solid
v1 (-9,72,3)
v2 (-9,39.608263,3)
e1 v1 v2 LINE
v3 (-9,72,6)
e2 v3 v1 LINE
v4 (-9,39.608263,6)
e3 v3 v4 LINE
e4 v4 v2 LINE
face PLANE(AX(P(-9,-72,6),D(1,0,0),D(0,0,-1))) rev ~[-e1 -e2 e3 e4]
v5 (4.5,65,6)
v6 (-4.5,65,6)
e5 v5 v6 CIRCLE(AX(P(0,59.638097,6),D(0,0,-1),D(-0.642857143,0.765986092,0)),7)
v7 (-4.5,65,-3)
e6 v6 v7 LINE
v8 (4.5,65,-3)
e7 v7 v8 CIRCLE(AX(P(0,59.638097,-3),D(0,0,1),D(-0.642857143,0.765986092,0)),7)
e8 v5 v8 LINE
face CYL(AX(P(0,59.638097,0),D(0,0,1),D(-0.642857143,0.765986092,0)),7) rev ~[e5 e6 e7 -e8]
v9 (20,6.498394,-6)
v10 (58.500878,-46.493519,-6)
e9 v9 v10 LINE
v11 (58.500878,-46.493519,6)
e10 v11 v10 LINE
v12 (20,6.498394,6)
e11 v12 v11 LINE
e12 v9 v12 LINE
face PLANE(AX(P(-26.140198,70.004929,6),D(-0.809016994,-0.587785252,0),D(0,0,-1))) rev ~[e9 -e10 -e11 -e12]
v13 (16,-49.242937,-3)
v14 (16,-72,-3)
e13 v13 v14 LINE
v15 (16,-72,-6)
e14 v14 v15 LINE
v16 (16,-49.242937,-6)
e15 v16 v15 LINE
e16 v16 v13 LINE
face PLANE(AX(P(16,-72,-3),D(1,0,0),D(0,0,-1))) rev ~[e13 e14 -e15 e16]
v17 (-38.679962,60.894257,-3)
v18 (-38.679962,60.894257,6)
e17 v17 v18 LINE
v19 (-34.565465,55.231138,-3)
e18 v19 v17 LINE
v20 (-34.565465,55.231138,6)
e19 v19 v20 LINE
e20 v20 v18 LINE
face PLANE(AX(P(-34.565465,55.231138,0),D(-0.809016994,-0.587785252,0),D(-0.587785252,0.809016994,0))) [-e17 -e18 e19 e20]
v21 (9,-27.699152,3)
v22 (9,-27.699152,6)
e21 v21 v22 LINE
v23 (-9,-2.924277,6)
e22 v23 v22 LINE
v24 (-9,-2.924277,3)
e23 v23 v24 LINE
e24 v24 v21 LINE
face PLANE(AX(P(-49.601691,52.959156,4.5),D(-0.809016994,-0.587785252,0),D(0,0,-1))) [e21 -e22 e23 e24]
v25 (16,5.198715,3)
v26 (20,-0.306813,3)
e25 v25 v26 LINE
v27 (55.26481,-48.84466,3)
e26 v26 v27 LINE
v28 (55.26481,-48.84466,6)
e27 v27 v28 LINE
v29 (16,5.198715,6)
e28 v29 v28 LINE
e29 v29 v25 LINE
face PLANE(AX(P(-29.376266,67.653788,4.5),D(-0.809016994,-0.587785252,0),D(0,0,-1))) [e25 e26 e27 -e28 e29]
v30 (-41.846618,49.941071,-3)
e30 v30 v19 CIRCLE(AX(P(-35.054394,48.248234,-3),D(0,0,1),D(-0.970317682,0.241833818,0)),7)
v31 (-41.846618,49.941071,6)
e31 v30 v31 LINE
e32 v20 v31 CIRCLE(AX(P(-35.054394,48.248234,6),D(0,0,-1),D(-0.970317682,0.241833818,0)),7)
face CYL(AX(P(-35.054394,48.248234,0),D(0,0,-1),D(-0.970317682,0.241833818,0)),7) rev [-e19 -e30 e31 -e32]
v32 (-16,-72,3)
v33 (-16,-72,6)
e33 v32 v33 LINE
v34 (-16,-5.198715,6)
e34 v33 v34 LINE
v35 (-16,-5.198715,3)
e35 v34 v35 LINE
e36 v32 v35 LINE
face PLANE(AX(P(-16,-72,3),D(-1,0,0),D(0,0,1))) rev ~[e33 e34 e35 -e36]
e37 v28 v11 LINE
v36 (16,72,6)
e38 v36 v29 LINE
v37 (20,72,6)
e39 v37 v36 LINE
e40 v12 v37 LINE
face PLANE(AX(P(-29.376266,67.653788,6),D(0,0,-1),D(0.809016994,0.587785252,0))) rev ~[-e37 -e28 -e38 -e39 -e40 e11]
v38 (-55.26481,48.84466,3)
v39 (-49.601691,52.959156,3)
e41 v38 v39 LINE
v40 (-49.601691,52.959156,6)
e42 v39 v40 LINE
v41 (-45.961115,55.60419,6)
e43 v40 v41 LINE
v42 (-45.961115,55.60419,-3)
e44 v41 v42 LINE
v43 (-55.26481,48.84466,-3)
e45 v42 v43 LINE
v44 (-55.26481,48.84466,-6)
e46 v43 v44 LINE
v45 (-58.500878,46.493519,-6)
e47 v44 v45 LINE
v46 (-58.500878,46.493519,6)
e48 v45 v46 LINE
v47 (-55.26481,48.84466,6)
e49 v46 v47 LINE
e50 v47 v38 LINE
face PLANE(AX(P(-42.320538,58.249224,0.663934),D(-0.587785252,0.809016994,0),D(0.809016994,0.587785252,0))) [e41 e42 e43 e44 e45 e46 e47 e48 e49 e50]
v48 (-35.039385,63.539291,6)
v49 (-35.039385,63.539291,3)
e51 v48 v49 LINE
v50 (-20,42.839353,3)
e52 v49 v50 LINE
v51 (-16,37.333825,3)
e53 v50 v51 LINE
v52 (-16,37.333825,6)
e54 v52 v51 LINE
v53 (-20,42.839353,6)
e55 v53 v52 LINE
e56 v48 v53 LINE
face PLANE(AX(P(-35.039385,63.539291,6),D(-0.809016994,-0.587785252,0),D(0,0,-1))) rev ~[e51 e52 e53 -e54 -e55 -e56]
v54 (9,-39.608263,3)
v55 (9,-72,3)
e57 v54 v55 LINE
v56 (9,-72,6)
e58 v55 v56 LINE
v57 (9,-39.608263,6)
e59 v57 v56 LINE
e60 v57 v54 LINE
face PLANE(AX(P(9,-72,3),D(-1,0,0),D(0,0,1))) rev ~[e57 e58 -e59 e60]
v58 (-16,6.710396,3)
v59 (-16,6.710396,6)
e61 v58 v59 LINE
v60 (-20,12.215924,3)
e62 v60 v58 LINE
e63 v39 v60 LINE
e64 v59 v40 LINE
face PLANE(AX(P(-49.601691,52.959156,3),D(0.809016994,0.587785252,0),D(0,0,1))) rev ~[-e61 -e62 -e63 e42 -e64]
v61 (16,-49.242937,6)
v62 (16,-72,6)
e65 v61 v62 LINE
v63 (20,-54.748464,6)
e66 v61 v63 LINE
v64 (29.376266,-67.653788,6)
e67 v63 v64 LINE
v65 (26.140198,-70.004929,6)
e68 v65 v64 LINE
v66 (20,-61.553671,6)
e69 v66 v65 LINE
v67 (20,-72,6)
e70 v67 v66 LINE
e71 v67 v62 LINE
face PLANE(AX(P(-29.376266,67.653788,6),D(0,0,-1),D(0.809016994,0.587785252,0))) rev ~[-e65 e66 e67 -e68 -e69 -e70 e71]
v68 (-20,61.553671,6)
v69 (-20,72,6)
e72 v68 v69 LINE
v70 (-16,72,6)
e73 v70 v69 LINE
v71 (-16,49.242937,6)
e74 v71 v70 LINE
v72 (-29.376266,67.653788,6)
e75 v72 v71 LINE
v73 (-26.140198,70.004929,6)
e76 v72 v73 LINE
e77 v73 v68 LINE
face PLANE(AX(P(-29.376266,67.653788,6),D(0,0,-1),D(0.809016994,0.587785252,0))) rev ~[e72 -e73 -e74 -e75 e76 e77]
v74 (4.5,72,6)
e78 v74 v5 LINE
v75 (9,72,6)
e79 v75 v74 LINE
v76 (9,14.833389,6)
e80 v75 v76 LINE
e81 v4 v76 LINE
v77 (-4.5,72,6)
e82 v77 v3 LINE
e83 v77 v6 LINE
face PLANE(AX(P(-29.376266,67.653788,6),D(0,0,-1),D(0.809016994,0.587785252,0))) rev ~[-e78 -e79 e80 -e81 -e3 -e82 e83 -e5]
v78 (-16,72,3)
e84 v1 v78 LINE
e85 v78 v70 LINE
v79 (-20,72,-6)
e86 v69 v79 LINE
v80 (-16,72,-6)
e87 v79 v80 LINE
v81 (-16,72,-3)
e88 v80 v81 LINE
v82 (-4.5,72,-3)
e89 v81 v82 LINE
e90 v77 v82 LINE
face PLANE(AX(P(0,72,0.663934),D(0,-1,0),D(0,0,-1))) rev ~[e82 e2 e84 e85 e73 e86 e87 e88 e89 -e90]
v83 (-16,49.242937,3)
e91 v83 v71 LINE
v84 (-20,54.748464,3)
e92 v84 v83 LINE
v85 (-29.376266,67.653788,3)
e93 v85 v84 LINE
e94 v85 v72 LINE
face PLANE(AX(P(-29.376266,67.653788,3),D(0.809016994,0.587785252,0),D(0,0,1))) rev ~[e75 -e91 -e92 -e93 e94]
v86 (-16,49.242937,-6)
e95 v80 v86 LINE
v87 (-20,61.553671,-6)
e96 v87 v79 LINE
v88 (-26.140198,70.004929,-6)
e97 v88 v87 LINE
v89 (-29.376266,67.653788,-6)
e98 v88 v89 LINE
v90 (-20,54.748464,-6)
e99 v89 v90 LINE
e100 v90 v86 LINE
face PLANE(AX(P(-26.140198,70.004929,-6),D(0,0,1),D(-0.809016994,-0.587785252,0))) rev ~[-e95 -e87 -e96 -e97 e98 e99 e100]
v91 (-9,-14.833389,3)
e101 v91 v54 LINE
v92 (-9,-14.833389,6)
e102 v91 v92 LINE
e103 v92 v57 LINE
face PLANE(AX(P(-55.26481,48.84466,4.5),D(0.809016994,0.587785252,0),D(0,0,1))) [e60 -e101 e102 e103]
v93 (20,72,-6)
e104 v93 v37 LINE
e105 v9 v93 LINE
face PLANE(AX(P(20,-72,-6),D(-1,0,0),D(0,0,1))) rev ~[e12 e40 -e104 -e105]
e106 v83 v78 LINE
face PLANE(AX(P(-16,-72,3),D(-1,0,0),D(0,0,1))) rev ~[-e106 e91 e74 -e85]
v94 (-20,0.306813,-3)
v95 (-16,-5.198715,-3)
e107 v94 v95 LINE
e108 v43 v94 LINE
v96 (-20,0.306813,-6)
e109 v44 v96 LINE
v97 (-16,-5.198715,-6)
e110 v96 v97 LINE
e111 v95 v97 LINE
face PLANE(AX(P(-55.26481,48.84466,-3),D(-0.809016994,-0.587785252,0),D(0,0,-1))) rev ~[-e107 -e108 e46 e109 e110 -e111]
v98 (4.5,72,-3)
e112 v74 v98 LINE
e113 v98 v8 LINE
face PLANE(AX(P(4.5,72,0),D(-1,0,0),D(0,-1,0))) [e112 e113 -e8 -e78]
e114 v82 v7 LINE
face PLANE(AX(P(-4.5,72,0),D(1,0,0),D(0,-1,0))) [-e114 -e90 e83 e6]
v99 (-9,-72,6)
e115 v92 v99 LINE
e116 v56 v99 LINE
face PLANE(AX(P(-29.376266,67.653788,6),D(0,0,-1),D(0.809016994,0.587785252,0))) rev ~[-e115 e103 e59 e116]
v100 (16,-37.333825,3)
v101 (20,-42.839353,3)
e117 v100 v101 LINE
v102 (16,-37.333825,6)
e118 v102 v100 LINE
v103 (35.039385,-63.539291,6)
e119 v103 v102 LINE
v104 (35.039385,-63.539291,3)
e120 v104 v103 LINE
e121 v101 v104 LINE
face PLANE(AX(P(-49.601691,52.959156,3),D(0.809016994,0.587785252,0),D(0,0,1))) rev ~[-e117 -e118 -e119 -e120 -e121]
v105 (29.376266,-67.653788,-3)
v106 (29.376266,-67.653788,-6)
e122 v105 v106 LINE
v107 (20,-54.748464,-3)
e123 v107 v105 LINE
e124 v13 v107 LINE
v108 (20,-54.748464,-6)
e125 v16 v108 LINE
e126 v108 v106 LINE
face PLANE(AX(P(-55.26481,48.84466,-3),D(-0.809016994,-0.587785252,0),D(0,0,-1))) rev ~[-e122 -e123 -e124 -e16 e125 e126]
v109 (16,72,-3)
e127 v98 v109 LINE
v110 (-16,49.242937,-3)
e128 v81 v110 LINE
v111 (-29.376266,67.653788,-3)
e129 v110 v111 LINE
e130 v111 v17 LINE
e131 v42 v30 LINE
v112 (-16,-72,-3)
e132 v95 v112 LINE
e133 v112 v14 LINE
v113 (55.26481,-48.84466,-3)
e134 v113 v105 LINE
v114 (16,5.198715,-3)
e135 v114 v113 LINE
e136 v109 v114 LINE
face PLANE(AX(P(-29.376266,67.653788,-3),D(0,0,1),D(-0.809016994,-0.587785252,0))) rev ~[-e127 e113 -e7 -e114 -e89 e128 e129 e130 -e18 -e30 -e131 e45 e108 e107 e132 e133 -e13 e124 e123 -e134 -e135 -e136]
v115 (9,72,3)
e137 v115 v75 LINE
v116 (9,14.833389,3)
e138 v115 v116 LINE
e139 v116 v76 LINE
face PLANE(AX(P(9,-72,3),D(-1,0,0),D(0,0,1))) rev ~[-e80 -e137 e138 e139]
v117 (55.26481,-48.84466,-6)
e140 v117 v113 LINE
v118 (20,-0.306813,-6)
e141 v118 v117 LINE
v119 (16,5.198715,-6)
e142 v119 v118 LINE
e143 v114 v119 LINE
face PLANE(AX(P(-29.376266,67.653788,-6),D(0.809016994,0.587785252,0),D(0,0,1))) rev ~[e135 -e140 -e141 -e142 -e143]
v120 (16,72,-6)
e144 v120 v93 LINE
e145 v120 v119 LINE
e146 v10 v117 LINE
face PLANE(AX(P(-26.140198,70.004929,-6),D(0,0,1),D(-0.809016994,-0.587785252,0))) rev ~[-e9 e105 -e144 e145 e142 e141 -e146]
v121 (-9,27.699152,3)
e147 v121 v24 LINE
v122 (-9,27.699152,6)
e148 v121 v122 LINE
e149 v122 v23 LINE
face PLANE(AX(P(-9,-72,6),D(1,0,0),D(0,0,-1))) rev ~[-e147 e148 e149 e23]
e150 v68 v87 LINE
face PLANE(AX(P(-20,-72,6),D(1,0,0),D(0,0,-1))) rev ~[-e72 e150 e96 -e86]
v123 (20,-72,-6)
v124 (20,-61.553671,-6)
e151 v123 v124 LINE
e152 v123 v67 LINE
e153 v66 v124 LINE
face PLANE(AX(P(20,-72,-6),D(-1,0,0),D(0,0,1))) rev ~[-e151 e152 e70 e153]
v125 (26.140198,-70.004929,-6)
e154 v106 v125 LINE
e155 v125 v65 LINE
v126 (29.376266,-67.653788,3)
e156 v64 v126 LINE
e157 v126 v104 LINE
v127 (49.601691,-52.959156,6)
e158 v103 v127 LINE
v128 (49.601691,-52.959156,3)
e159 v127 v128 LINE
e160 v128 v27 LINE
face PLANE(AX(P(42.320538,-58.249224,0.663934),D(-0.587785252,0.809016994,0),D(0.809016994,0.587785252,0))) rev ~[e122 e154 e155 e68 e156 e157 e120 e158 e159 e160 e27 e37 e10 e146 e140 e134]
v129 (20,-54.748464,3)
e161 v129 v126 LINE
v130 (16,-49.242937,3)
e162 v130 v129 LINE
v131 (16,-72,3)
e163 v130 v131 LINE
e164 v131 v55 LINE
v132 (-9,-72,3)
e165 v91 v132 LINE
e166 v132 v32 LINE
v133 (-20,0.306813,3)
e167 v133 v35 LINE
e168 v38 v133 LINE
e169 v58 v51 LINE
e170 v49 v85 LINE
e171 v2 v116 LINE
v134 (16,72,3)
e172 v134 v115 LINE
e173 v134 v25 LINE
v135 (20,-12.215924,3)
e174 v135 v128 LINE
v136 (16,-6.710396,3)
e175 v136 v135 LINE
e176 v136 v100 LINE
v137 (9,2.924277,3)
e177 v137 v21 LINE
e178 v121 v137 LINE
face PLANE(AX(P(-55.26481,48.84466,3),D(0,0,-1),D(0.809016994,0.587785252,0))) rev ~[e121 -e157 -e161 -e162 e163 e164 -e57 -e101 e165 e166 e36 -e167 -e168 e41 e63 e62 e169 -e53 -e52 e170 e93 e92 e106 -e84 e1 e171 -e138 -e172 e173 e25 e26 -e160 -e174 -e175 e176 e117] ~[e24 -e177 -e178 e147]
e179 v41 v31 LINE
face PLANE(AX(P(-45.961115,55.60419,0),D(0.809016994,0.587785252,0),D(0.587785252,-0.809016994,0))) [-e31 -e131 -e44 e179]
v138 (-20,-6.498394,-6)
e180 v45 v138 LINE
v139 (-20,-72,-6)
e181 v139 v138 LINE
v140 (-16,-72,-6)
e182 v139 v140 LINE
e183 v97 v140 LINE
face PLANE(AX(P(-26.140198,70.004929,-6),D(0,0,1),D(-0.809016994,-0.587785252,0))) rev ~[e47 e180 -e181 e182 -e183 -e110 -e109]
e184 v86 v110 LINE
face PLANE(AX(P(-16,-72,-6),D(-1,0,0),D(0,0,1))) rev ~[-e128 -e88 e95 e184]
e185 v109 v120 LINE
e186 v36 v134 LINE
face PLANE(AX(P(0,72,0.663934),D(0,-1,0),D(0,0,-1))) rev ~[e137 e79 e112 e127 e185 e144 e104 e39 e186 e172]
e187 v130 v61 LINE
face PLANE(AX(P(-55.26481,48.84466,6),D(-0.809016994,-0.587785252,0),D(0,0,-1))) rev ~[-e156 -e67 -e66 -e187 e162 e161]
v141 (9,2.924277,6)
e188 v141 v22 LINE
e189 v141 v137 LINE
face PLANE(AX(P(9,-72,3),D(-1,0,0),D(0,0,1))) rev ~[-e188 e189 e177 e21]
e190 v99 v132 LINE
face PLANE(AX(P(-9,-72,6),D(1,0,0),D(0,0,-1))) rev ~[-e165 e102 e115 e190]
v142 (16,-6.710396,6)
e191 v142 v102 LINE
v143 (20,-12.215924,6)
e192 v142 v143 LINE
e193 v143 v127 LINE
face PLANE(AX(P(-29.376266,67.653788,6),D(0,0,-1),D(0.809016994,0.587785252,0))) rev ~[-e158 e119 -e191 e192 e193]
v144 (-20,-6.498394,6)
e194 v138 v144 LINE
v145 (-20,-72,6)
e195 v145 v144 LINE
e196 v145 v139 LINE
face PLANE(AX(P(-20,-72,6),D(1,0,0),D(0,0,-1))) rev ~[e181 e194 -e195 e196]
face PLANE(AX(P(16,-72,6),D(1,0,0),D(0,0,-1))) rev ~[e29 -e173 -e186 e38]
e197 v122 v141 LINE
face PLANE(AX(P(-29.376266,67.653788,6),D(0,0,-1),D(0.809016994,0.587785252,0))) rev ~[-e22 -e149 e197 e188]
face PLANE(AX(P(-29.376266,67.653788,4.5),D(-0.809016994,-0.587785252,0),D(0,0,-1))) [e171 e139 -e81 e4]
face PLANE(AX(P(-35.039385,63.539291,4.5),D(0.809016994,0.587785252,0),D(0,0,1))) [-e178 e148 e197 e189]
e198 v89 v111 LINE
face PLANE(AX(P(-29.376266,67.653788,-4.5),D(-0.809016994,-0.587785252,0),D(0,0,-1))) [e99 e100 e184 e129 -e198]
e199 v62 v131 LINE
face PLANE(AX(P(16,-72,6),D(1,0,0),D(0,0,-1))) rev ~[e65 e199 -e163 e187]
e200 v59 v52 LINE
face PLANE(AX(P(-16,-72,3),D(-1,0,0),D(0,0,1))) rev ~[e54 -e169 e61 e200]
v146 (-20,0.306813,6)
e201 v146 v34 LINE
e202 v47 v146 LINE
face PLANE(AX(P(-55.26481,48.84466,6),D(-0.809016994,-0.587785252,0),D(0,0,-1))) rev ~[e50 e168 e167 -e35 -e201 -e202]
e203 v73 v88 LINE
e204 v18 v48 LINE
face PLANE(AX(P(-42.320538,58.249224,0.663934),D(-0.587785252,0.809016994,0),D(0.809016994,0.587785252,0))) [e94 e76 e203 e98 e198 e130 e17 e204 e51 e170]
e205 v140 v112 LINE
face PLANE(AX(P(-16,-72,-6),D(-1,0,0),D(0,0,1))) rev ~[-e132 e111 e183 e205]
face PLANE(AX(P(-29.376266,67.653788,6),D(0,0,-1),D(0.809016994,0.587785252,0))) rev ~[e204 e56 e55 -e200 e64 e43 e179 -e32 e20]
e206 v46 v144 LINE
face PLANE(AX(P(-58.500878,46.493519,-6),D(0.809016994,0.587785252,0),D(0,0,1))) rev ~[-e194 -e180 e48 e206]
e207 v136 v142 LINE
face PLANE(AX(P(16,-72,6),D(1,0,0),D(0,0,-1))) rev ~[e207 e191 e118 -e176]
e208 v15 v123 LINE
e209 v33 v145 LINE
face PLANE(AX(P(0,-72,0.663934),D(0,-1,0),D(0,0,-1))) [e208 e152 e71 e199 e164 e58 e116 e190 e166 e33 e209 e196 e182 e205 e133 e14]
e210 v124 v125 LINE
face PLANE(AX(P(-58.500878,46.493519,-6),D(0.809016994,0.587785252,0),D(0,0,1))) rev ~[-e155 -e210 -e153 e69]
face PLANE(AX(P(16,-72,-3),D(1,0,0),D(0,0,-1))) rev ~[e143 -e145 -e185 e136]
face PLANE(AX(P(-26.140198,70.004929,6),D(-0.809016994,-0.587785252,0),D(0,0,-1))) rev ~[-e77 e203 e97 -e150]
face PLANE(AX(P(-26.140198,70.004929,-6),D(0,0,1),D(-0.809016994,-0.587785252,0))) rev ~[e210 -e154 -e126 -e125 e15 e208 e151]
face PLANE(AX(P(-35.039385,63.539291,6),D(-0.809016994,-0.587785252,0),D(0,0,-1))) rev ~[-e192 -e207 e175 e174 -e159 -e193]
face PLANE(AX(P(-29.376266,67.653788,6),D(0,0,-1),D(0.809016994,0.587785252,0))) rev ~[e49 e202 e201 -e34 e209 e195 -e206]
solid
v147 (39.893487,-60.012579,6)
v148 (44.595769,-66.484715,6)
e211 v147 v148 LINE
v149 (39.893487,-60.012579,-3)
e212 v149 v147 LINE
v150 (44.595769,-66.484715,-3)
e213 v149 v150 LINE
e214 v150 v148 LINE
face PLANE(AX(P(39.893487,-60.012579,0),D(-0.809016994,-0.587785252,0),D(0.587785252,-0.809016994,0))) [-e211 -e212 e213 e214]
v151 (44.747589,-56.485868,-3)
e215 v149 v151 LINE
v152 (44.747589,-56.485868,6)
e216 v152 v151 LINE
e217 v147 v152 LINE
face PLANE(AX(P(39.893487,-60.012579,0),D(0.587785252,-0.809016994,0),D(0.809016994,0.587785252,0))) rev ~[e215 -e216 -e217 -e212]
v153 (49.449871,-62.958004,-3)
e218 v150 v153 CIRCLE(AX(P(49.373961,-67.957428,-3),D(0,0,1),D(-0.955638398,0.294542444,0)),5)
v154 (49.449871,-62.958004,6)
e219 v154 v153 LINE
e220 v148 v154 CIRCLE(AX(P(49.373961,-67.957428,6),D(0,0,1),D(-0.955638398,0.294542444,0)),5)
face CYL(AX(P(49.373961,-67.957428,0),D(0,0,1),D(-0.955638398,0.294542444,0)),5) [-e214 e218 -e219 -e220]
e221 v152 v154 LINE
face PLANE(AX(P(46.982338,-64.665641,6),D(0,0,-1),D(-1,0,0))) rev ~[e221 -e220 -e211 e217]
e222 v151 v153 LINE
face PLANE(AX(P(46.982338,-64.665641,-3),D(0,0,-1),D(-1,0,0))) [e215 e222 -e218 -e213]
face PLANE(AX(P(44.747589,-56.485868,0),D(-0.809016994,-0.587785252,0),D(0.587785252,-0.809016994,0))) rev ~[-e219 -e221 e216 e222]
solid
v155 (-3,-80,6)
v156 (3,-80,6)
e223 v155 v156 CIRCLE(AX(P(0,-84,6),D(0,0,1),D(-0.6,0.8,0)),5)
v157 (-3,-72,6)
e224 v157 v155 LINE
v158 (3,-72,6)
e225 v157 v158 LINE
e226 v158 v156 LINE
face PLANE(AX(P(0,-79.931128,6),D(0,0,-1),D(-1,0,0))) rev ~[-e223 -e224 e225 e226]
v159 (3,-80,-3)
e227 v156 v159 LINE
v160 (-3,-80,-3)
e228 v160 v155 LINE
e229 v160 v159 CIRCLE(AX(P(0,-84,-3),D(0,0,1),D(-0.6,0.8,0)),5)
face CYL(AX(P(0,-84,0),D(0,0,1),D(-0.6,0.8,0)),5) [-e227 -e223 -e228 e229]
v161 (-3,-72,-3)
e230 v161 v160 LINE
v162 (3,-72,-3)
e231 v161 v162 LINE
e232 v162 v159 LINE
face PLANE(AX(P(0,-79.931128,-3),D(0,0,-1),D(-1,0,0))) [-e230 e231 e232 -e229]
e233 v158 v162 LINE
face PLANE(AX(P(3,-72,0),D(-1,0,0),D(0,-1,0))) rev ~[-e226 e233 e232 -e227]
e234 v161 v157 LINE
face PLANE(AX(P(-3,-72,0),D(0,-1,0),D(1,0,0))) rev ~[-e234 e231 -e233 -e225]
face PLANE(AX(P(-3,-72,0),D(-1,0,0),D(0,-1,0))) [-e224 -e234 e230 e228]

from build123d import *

# Parameters (mm, degrees)
SKETCH004_W          = 32
SKETCH004_H          = 3
SKETCH005_W          = 32
SKETCH005_H          = 3
SKETCH006_W          = 7
SKETCH006_H          = 3
SKETCH007_W          = 7
SKETCH007_H          = 3
SKETCH008_W          = 7
SKETCH008_H          = 3
SKETCH009_W          = 7
SKETCH009_H          = 3
POCKET_DEPTH         = 6.001
POCKET_DEPTH_BACK    = 6.001
POCKET001_DEPTH      = 6.001
POCKET001_DEPTH_BACK = 6.001
PAD_DEPTH            = 6
PAD_DEPTH_BACK       = 3
PAD001_DEPTH         = 6
PAD001_DEPTH_BACK    = 3


with BuildPart() as body:
    # AdditivePipe: sweep along a path in Sketch
    with BuildLine(Plane.XY) as additivepipe_path:
        Line((0, -72), (0, 72))
    # Sketch002 (on DatumPlane) → AdditivePipe (sweep)
    with BuildSketch(Plane.XZ.offset(72)):
        Polygon((-20, 6), (-20, -6), (-16, -6), (-16, -3), (-9, -3), (9, -3), (16, -3), (16, -6), (20, -6), (20, 6), (16, 6), (16, 3), (9, 3), (9, 6), (-9, 6), (-9, 3), (-16, 3), (-16, 6), align=None)
    sweep(path=additivepipe_path.line)

    # AdditivePipe001: sweep along a path in Sketch001
    with BuildLine(Plane.XY) as additivepipe001_path:
        Line((-42.3205381651, 58.249223595), (42.3205381651, -58.249223595))
    # Sketch003 (on DatumPlane) → AdditivePipe001 (sweep)
    with BuildSketch(Plane(origin=(-42.3205381651, 58.249223595, 0), x_dir=(-0.8090169944, -0.5877852523, 0), z_dir=(-0.5877852523, 0.8090169944, 0))):
        Polygon((-20, 6), (-20, -6), (-16, -6), (-16, -3), (-9, -3), (9, -3), (16, -3), (16, -6), (20, -6), (20, 6), (16, 6), (16, 3), (9, 3), (9, 6), (-9, 6), (-9, 3), (-16, 3), (-16, 6), align=None)
    sweep(path=additivepipe001_path.line)

    # SubtractivePipe: sweep along a path in Sketch
    with BuildLine(Plane.XY) as subtractivepipe_path:
        Line((0, -72), (0, 72))
    # Sketch004 (on DatumPlane) → SubtractivePipe (sweep, cut)
    with BuildSketch(Plane.XZ.offset(72)):
        with Locations((0, -4.5)):
            Rectangle(SKETCH004_W, SKETCH004_H)
    sweep(path=subtractivepipe_path.line, mode=Mode.SUBTRACT)

    # SubtractivePipe001: sweep along a path in Sketch001
    with BuildLine(Plane.XY) as subtractivepipe001_path:
        Line((-42.3205381651, 58.249223595), (42.3205381651, -58.249223595))
    # Sketch005 (on DatumPlane) → SubtractivePipe001 (sweep, cut)
    with BuildSketch(Plane(origin=(-42.3205381651, 58.249223595, 0), x_dir=(-0.8090169944, -0.5877852523, 0), z_dir=(-0.5877852523, 0.8090169944, 0))):
        with Locations((0, -4.5)):
            Rectangle(SKETCH005_W, SKETCH005_H)
    sweep(path=subtractivepipe001_path.line, mode=Mode.SUBTRACT)

    # SubtractivePipe002: sweep along a path in Sketch
    with BuildLine(Plane.XY) as subtractivepipe002_path:
        Line((0, -72), (0, 72))
    # Sketch006 (on DatumPlane) → SubtractivePipe002 (sweep, cut)
    with BuildSketch(Plane.XZ.offset(72)):
        with Locations((-12.5, 4.5)):
            Rectangle(SKETCH006_W, SKETCH006_H)
    sweep(path=subtractivepipe002_path.line, mode=Mode.SUBTRACT)

    # SubtractivePipe003: sweep along a path in Sketch
    with BuildLine(Plane.XY) as subtractivepipe003_path:
        Line((0, -72), (0, 72))
    # Sketch007 (on DatumPlane) → SubtractivePipe003 (sweep, cut)
    with BuildSketch(Plane.XZ.offset(72)):
        with Locations((12.5, 4.5)):
            Rectangle(SKETCH007_W, SKETCH007_H)
    sweep(path=subtractivepipe003_path.line, mode=Mode.SUBTRACT)

    # SubtractivePipe004: sweep along a path in Sketch001
    with BuildLine(Plane.XY) as subtractivepipe004_path:
        Line((-42.3205381651, 58.249223595), (42.3205381651, -58.249223595))
    # Sketch008 (on DatumPlane) → SubtractivePipe004 (sweep, cut)
    with BuildSketch(Plane(origin=(-42.3205381651, 58.249223595, 0), x_dir=(-0.8090169944, -0.5877852523, 0), z_dir=(-0.5877852523, 0.8090169944, 0))):
        with Locations((-12.5, 4.5)):
            Rectangle(SKETCH008_W, SKETCH008_H)
    sweep(path=subtractivepipe004_path.line, mode=Mode.SUBTRACT)

    # SubtractivePipe005: sweep along a path in Sketch001
    with BuildLine(Plane.XY) as subtractivepipe005_path:
        Line((-42.3205381651, 58.249223595), (42.3205381651, -58.249223595))
    # Sketch009 (on DatumPlane) → SubtractivePipe005 (sweep, cut)
    with BuildSketch(Plane(origin=(-42.3205381651, 58.249223595, 0), x_dir=(-0.8090169944, -0.5877852523, 0), z_dir=(-0.5877852523, 0.8090169944, 0))):
        with Locations((12.5, 4.5)):
            Rectangle(SKETCH009_W, SKETCH009_H)
    sweep(path=subtractivepipe005_path.line, mode=Mode.SUBTRACT)

    # Sketch010 → Pocket (cut, two sides)
    with BuildSketch(Plane.XY) as pocket_sk:
        with BuildLine():
            Line((-4.5, 72), (4.5, 72))
            Line((4.5, 72), (4.5, 65))
            ThreePointArc((-4.5, 65), (0, 52.6380973526), (4.5, 65))
            Line((-4.5, 72), (-4.5, 65))
        make_face()
    extrude(amount=-POCKET_DEPTH, mode=Mode.SUBTRACT)
    extrude(pocket_sk.sketch, amount=POCKET_DEPTH_BACK, mode=Mode.SUBTRACT)

    # Sketch011 → Pocket001 (cut, two sides)
    with BuildSketch(Plane.XY) as pocket001_sk:
        with BuildLine():
            Line((-45.9611146397, 55.6041899597), (-38.6799616904, 60.8942572303))
            Line((-34.5654649243, 55.2311382696), (-38.6799616904, 60.8942572303))
            ThreePointArc((-41.8466178737, 49.941070999), (-30.9398973326, 42.5851153098), (-34.5654649243, 55.2311382696))
            Line((-45.9611146397, 55.6041899597), (-41.8466178737, 49.941070999))
        make_face()
    extrude(amount=-POCKET001_DEPTH, mode=Mode.SUBTRACT)
    extrude(pocket001_sk.sketch, amount=POCKET001_DEPTH_BACK, mode=Mode.SUBTRACT)


with BuildPart() as body001:
    # Sketch012 → Pad (new body, two sides)
    with BuildSketch(Plane.XY) as pad_sk:
        with BuildLine():
            Line((-3, -72), (3, -72))
            Line((3, -72), (3, -80))
            ThreePointArc((-3, -80), (0, -89), (3, -80))
            Line((-3, -72), (-3, -80))
        make_face()
    extrude(amount=PAD_DEPTH)
    extrude(pad_sk.sketch, amount=-PAD_DEPTH_BACK)


with BuildPart() as body002:
    # Sketch013 → Pad001 (new body, two sides)
    with BuildSketch(Plane.XY) as pad001_sk:
        with BuildLine():
            Line((39.8934871819, -60.0125793519), (44.7475891482, -56.4858678381))
            Line((44.7475891482, -56.4858678381), (49.4498711665, -62.9580037931))
            ThreePointArc((44.5957692003, -66.4847153069), (52.312887454, -72.0025124994), (49.4498711665, -62.9580037931))
            Line((39.8934871819, -60.0125793519), (44.5957692003, -66.4847153069))
        make_face()
    extrude(amount=PAD001_DEPTH)
    extrude(pad001_sk.sketch, amount=-PAD001_DEPTH_BACK)


solid = Compound([body.part, body001.part, body002.part])
